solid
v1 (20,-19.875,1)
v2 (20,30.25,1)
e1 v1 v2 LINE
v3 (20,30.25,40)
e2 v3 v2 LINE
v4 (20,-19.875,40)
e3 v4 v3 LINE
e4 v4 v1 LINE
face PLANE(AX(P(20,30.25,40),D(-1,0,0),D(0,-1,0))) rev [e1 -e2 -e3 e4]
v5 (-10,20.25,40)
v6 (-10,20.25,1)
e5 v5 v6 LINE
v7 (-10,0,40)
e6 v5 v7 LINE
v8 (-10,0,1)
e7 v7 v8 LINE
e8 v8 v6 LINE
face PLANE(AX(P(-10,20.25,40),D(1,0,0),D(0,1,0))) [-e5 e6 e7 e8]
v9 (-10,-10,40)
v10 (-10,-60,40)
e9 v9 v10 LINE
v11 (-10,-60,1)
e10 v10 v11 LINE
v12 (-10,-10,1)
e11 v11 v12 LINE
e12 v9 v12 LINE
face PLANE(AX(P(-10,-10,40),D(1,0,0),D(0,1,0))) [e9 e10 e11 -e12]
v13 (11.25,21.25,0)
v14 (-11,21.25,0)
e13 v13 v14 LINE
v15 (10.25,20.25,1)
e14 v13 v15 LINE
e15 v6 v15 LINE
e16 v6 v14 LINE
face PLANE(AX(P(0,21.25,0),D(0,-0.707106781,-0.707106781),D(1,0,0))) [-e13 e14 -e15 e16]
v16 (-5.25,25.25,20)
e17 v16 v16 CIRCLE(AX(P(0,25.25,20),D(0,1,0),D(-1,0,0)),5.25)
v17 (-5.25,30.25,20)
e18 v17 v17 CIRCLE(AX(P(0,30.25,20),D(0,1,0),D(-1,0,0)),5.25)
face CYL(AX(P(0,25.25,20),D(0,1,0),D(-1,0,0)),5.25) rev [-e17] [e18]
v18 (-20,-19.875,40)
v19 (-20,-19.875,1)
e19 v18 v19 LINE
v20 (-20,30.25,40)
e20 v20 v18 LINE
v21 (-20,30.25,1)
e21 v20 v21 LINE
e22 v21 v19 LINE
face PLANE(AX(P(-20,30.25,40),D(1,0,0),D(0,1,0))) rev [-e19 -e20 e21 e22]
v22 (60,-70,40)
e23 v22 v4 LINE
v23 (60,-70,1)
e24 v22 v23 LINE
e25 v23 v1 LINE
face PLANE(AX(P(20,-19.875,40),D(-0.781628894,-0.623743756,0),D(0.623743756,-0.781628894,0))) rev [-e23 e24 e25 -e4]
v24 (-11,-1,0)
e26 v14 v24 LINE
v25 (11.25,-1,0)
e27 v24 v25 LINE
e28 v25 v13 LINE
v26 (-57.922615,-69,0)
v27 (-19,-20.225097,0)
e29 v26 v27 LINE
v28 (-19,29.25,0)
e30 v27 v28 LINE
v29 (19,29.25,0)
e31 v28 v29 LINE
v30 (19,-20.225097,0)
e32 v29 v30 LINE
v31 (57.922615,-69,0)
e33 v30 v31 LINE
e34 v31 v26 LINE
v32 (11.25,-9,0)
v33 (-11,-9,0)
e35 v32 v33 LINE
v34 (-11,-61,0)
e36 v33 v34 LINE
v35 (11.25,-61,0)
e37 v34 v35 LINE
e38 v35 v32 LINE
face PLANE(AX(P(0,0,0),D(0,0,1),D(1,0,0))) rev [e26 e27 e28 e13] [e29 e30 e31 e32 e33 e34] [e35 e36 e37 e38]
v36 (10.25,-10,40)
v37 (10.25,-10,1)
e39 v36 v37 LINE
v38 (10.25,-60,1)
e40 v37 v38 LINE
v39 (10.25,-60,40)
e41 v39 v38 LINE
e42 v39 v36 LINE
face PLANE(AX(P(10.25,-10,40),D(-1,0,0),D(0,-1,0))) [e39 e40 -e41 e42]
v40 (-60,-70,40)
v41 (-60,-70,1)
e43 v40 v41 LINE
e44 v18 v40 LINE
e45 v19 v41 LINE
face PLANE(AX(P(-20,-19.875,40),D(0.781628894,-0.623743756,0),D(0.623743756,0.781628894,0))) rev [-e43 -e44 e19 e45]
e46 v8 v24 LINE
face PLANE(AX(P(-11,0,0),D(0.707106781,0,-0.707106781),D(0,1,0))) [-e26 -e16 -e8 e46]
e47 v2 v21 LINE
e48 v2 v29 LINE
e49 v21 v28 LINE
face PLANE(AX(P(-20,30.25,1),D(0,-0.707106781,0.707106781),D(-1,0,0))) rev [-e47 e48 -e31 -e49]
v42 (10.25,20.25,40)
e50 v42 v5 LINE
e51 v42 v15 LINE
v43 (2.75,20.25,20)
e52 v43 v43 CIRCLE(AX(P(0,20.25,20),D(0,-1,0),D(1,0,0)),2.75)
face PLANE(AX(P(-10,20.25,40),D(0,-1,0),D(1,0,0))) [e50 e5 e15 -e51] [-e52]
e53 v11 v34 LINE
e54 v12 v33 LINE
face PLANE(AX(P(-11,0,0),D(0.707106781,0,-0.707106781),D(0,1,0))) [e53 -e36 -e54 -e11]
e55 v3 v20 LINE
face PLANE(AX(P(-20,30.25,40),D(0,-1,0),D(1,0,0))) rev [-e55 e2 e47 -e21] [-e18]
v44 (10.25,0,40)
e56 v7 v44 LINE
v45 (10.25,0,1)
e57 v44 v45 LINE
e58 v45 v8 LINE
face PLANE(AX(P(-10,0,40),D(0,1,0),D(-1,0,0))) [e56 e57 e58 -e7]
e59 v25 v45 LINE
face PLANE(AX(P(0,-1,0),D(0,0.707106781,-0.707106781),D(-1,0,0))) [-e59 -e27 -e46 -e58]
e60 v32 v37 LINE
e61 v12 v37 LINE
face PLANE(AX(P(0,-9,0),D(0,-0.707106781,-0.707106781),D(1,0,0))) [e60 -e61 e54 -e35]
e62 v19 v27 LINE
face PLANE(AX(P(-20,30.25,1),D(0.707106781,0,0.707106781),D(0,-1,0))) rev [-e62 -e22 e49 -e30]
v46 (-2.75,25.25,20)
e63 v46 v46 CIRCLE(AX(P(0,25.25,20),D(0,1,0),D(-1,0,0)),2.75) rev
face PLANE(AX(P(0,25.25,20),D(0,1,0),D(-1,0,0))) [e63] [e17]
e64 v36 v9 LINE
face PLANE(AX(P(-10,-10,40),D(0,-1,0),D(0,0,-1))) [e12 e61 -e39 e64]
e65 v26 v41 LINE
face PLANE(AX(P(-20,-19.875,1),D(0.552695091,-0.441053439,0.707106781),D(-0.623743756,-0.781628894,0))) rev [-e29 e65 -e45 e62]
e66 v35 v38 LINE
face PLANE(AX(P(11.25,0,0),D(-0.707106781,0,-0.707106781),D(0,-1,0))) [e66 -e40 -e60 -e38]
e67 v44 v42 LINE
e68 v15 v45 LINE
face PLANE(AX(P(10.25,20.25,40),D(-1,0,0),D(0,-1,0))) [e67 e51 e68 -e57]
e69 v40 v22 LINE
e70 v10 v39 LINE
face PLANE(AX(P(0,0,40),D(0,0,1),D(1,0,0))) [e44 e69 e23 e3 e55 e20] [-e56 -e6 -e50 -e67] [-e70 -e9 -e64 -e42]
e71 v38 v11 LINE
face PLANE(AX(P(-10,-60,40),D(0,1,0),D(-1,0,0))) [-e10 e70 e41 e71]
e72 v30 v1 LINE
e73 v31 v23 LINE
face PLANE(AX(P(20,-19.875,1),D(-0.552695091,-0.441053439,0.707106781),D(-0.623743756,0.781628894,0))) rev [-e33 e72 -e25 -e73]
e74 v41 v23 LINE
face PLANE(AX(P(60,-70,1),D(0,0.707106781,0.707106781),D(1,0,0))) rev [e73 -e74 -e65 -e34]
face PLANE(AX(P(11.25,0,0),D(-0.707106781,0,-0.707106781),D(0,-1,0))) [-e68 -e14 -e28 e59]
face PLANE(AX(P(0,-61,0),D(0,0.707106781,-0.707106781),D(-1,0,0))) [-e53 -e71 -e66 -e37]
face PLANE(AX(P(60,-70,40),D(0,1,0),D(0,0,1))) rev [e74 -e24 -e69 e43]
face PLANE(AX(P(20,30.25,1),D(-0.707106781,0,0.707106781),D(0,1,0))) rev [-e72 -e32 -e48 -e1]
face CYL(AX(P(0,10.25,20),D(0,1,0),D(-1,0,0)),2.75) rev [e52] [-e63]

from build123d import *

# Parameters (mm, degrees)
SKETCH1_W           = 20.25
SKETCH1_H           = 20.25
SKETCH1_H_2         = 50
BOSS_EXTRUDE1_DEPTH = 40
CHAMFER1_SIZE       = 1
SKETCH2_R           = 2.75
CUT_EXTRUDE1_DEPTH  = 20
SKETCH3_R           = 5.25
CUT_EXTRUDE2_DEPTH  = 5


with BuildPart() as part:
    # Sketch1 → Boss-Extrude1 (new body)
    with BuildSketch(Plane.XY):
        Polygon((20, -19.875), (60, -70), (20, -70), (-20, -70), (-60, -70), (-20, -19.875), (-20, 30.25), (20, 30.25), align=None)
        with Locations((0.125, 10.125)):
            Rectangle(SKETCH1_W, SKETCH1_H, mode=Mode.SUBTRACT)
        with Locations((0.125, -35)):
            Rectangle(SKETCH1_W, SKETCH1_H_2, mode=Mode.SUBTRACT)
    extrude(amount=BOSS_EXTRUDE1_DEPTH)

    # Chamfer1
    chamfer1_edges = [part.edges().sort_by_distance(p)[0] for p in [
        (-40, -44.9375, 0),
        (-20, 5.1875, 0),
        (-10, 10.125, 0),
        (0.125, 0, 0),
        (10.25, 10.125, 0),
        (0.125, 20.25, 0),
        (-10, -35, 0),
        (0.125, -60, 0),
        (10.25, -35, 0),
        (0.125, -10, 0),
        (0, 30.25, 0),
        (20, 5.1875, 0),
        (40, -44.9375, 0),
        (0, -70, 0),
    ]]
    chamfer(chamfer1_edges, length=CHAMFER1_SIZE)

    # Sketch2 → Cut-Extrude1 (cut)
    with BuildSketch(Plane(origin=(0, 30.25, 0), x_dir=(1, 0, 0), z_dir=(0, 1, 0))):
        with Locations(Location((0, -20, 0), (0, 0, 180))):
            Circle(SKETCH2_R)
    extrude(amount=-CUT_EXTRUDE1_DEPTH, mode=Mode.SUBTRACT)

    # Sketch3 → Cut-Extrude2 (cut)
    with BuildSketch(Plane(origin=(0, 30.25, 0), x_dir=(1, 0, 0), z_dir=(0, 1, 0))):
        with Locations(Location((0, -20, 0), (0, 0, 180))):
            Circle(SKETCH3_R)
    extrude(amount=-CUT_EXTRUDE2_DEPTH, mode=Mode.SUBTRACT)


solid = part.part
